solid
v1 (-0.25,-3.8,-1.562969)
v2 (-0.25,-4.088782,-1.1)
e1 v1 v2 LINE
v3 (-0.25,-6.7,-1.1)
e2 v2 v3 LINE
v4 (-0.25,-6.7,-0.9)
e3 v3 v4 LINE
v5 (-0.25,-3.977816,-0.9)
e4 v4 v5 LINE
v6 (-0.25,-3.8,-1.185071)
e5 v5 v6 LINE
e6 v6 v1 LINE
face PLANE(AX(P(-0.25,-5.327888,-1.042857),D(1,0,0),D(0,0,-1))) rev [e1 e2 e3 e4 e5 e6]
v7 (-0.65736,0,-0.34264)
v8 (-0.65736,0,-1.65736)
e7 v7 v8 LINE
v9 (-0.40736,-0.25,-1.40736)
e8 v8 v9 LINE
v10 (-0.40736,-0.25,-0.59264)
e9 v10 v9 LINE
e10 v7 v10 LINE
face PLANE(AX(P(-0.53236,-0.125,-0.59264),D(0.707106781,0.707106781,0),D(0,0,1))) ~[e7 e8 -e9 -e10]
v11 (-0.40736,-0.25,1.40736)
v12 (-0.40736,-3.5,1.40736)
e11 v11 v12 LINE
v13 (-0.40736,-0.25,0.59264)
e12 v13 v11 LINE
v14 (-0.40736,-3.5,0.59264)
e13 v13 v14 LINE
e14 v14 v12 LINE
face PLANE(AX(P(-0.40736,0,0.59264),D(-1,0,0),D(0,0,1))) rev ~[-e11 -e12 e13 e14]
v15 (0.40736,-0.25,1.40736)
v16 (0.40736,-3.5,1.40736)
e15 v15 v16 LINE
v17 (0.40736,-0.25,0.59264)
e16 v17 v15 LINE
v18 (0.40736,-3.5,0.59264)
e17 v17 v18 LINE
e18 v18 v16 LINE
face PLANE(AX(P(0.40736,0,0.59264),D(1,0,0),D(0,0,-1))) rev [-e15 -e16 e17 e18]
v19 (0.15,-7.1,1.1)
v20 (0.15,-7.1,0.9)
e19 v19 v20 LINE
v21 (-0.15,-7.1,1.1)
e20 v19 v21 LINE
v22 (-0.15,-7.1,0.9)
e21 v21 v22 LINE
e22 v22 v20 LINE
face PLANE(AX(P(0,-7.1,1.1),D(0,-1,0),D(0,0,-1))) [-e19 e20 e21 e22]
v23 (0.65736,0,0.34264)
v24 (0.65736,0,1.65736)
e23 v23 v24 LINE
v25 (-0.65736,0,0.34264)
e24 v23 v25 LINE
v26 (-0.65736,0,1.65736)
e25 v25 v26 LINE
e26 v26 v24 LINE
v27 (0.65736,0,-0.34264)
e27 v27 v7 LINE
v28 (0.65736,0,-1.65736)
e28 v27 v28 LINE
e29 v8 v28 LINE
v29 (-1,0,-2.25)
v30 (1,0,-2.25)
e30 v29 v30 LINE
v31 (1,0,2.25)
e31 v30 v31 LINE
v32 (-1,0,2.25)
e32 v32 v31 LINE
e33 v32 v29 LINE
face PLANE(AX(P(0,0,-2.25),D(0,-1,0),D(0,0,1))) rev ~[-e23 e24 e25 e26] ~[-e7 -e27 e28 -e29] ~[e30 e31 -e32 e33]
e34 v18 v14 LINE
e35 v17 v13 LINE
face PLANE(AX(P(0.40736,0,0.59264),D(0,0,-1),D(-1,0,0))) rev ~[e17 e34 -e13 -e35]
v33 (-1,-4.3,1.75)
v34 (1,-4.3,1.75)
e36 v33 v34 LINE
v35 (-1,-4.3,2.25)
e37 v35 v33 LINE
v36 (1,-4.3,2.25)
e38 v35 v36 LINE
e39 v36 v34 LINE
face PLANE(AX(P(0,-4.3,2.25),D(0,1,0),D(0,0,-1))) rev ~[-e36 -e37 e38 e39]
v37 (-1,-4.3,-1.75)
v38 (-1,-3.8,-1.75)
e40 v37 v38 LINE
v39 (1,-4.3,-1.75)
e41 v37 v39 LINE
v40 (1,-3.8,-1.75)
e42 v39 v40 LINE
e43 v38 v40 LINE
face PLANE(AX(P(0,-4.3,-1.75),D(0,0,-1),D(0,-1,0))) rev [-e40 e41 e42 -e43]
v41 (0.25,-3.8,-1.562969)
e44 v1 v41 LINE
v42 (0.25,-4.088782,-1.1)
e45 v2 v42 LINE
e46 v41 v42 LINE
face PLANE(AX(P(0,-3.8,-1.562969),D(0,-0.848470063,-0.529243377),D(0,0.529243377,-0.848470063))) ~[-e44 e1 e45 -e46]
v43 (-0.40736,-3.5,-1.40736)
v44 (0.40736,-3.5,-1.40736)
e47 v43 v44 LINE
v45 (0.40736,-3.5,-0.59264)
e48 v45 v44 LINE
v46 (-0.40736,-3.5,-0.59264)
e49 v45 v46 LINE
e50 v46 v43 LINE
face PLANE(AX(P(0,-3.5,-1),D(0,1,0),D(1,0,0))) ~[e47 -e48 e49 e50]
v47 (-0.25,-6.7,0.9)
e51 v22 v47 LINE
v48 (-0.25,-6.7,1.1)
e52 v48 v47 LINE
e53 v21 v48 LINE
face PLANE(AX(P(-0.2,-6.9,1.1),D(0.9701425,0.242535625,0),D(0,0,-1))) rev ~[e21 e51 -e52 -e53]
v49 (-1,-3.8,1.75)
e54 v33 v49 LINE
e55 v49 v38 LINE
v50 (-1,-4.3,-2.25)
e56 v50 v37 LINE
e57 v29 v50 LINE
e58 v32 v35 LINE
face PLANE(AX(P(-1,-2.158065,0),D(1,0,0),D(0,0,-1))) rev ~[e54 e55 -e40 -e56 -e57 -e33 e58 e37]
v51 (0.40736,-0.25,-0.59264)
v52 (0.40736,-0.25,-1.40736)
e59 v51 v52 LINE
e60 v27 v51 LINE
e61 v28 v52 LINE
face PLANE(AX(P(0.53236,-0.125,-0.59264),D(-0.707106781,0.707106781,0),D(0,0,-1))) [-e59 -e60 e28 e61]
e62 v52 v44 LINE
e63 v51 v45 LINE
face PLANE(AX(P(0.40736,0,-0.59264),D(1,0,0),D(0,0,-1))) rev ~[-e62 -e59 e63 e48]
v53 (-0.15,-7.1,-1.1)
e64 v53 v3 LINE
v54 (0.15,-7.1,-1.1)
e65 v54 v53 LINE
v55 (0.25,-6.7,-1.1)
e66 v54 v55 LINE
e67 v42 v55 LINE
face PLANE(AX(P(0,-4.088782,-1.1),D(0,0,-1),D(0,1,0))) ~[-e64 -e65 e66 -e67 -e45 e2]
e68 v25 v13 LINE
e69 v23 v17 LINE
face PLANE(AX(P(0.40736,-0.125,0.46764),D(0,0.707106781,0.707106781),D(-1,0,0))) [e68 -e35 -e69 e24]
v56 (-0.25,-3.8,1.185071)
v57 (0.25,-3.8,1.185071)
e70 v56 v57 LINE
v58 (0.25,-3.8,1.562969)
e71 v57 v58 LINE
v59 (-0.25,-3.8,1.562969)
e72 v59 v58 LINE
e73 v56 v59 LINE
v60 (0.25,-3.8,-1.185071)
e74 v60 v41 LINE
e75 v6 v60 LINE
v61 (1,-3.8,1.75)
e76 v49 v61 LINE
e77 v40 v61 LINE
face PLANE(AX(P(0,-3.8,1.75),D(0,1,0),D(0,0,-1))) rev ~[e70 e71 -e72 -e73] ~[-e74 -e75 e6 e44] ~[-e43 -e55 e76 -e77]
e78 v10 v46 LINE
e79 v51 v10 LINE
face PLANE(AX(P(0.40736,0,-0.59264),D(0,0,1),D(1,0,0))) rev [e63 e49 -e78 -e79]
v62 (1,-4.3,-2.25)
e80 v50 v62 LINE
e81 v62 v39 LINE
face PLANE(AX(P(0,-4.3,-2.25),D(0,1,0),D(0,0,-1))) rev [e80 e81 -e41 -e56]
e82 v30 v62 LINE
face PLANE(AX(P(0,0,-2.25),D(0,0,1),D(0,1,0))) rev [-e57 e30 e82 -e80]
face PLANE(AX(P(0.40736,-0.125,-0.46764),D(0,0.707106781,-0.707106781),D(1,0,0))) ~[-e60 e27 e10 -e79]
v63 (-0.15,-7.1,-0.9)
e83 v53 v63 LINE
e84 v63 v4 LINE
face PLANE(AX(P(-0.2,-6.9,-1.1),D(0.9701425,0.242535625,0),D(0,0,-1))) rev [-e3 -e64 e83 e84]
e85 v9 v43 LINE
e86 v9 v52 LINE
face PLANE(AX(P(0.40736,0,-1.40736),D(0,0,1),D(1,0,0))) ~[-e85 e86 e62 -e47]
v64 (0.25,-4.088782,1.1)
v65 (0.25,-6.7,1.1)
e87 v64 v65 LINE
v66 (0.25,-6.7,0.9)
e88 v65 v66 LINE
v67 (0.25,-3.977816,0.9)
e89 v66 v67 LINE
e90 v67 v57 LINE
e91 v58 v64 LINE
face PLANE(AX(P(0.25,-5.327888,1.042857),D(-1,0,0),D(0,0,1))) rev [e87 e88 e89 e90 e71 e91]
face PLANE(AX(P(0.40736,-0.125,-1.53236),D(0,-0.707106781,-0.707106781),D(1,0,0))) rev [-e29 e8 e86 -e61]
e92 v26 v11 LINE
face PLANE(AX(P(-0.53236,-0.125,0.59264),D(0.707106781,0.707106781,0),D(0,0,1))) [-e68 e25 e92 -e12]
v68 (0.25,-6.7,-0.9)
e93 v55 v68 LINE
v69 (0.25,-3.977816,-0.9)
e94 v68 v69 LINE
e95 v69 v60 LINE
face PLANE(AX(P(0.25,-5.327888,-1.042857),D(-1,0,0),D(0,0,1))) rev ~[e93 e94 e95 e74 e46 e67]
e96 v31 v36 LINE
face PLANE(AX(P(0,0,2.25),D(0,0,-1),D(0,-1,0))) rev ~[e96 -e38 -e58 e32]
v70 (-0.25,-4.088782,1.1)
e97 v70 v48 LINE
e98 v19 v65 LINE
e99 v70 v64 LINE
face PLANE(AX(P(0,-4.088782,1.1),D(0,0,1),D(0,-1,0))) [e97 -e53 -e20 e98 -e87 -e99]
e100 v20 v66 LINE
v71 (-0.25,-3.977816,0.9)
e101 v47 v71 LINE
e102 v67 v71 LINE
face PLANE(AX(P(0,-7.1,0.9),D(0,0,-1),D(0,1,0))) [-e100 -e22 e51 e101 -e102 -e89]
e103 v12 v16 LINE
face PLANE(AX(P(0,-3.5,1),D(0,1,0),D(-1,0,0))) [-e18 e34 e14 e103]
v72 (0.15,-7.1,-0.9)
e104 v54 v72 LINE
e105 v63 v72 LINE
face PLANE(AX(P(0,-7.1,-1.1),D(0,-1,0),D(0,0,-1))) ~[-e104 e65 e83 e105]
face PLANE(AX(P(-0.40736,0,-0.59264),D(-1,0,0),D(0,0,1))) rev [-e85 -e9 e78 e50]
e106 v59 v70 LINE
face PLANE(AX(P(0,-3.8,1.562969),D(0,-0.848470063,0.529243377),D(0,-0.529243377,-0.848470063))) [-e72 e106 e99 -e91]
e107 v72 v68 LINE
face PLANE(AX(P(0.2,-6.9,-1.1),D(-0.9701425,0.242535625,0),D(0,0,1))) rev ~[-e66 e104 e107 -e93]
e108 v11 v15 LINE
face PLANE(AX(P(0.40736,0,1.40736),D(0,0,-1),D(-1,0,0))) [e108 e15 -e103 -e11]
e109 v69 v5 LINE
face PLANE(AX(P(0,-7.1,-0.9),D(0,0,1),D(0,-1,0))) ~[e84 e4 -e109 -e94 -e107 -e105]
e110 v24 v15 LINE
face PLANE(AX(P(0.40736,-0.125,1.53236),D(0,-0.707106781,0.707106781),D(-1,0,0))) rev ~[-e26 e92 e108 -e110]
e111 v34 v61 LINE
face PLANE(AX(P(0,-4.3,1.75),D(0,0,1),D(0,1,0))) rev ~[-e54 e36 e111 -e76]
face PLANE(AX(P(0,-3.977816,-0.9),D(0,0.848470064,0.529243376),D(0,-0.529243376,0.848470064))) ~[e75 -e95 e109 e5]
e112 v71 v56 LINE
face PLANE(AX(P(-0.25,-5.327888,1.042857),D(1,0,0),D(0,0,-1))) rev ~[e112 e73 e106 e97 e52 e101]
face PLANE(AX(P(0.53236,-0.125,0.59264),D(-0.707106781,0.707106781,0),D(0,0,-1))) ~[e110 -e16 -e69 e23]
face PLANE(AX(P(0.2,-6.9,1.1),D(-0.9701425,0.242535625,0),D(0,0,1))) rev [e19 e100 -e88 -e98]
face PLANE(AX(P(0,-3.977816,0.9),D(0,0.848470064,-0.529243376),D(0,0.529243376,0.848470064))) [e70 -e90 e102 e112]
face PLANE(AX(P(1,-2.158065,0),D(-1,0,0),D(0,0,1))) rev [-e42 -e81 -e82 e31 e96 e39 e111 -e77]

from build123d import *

# Parameters (mm, degrees)
EXTRUDE_1_DEPTH            = 1
SKETCH_3_W                 = 0.814720046
SKETCH_3_H                 = 0.814720046
CUT_EXTRUDE_1_DEPTH        = 3.5
CHAMFER_1_SIZE             = 0.25
CHAMFER_1_OF_MIRROR_1_SIZE = 0.25
EXTRUDE_2_DEPTH            = 0.25
CHAMFER_2_SIZE             = 0.1
CHAMFER_2_SIZE2            = 0.4
CUT_EXTRUDE_2_DEPTH        = 8.514818694


with BuildPart() as part:
    # 草图1 → 凸台-拉伸1 (new, symmetric)
    with BuildSketch(Plane(origin=(0, 0, 0), x_dir=(0, 0, -1), z_dir=(1, 0, 0))):
        Polygon((-2.25, 0), (2.25, 0), (2.25, -4.3), (1.75, -4.3), (1.75, -3.8), (-1.75, -3.8), (-1.75, -4.3), (-2.25, -4.3), align=None)
    extrude(amount=EXTRUDE_1_DEPTH, both=True)

    # 草图3 → 切除-拉伸1 (cut)
    with BuildSketch(Plane(origin=(0, 0, 0), x_dir=(1, 0, 0), z_dir=(0, 1, 0))):
        with Locations((0, 1)):
            Rectangle(SKETCH_3_W, SKETCH_3_H)
    cut_extrude_1 = extrude(amount=-CUT_EXTRUDE_1_DEPTH, mode=Mode.SUBTRACT)

    # 倒角1
    chamfer_1_edges = [part.edges().sort_by_distance(p)[0] for p in [
        (-0.407360023, 0, -1),
        (0, 0, -0.592639977),
        (0.407360023, 0, -1),
        (0, 0, -1.407360023),
    ]]
    chamfer(chamfer_1_edges, length=CHAMFER_1_SIZE)

    # 镜向1: 切除-拉伸1 across plane
    add(cut_extrude_1.mirror(Plane.XY), mode=Mode.SUBTRACT)

    # 倒角1 of 镜向1
    chamfer_1_of_mirror_1_edges = [part.edges().sort_by_distance(p)[0] for p in [
        (-0.407360023, 0, 1),
        (0, 0, 0.592639977),
        (0.407360023, 0, 1),
        (0, 0, 1.407360023),
    ]]
    chamfer(chamfer_1_of_mirror_1_edges, length=CHAMFER_1_OF_MIRROR_1_SIZE)

    # 草图4 → 凸台-拉伸2 (add)
    with BuildSketch(Plane(origin=(0, 0, 0), x_dir=(0, 0, -1), z_dir=(1, 0, 0))):
        Polygon((1.562968954, -3.8), (1.1, -4.088782437), (1.1, -7.1), (0.9, -7.1), (0.9, -3.977816442), (1.18507098, -3.8), align=None)
    extrude(amount=EXTRUDE_2_DEPTH)

    # 倒角2
    chamfer_2_edges = [part.edges().sort_by_distance(p)[0] for p in [
        (0.25, -7.1, -1),
    ]]
    chamfer_2_side = [part.faces().sort_by_distance(p)[0] for p in [
        (0.125, -7.1, -1),
    ]]
    chamfer(chamfer_2_edges, length=CHAMFER_2_SIZE, length2=CHAMFER_2_SIZE2, reference=chamfer_2_side[0])

    # 草图5 → 切除-拉伸2 (cut, through all)
    with BuildSketch(Plane(origin=(0, 0, 0), x_dir=(1, 0, 0), z_dir=(0, 1, 0))):
        Polygon((0, 2.25), (-1, 2.25), (-1, -2.25), (1, -2.25), (1, 0), (0, 0), align=None)
    extrude(amount=-CUT_EXTRUDE_2_DEPTH, mode=Mode.SUBTRACT)

    # 镜向3: part across plane


with BuildPart() as part_1:
    add(part.part)
    add(part.part.mirror(Plane(origin=(0, 0, 0), x_dir=(0, 0, 1), z_dir=(1, 0, 0))))

    # 镜向4: part across plane


with BuildPart() as part_2:
    add(part_1.part)
    add(part_1.part.mirror(Plane(origin=(0, -7.1, 0), x_dir=(1, 0, 0), z_dir=(0, 0, -1))))


solid = part_2.part
